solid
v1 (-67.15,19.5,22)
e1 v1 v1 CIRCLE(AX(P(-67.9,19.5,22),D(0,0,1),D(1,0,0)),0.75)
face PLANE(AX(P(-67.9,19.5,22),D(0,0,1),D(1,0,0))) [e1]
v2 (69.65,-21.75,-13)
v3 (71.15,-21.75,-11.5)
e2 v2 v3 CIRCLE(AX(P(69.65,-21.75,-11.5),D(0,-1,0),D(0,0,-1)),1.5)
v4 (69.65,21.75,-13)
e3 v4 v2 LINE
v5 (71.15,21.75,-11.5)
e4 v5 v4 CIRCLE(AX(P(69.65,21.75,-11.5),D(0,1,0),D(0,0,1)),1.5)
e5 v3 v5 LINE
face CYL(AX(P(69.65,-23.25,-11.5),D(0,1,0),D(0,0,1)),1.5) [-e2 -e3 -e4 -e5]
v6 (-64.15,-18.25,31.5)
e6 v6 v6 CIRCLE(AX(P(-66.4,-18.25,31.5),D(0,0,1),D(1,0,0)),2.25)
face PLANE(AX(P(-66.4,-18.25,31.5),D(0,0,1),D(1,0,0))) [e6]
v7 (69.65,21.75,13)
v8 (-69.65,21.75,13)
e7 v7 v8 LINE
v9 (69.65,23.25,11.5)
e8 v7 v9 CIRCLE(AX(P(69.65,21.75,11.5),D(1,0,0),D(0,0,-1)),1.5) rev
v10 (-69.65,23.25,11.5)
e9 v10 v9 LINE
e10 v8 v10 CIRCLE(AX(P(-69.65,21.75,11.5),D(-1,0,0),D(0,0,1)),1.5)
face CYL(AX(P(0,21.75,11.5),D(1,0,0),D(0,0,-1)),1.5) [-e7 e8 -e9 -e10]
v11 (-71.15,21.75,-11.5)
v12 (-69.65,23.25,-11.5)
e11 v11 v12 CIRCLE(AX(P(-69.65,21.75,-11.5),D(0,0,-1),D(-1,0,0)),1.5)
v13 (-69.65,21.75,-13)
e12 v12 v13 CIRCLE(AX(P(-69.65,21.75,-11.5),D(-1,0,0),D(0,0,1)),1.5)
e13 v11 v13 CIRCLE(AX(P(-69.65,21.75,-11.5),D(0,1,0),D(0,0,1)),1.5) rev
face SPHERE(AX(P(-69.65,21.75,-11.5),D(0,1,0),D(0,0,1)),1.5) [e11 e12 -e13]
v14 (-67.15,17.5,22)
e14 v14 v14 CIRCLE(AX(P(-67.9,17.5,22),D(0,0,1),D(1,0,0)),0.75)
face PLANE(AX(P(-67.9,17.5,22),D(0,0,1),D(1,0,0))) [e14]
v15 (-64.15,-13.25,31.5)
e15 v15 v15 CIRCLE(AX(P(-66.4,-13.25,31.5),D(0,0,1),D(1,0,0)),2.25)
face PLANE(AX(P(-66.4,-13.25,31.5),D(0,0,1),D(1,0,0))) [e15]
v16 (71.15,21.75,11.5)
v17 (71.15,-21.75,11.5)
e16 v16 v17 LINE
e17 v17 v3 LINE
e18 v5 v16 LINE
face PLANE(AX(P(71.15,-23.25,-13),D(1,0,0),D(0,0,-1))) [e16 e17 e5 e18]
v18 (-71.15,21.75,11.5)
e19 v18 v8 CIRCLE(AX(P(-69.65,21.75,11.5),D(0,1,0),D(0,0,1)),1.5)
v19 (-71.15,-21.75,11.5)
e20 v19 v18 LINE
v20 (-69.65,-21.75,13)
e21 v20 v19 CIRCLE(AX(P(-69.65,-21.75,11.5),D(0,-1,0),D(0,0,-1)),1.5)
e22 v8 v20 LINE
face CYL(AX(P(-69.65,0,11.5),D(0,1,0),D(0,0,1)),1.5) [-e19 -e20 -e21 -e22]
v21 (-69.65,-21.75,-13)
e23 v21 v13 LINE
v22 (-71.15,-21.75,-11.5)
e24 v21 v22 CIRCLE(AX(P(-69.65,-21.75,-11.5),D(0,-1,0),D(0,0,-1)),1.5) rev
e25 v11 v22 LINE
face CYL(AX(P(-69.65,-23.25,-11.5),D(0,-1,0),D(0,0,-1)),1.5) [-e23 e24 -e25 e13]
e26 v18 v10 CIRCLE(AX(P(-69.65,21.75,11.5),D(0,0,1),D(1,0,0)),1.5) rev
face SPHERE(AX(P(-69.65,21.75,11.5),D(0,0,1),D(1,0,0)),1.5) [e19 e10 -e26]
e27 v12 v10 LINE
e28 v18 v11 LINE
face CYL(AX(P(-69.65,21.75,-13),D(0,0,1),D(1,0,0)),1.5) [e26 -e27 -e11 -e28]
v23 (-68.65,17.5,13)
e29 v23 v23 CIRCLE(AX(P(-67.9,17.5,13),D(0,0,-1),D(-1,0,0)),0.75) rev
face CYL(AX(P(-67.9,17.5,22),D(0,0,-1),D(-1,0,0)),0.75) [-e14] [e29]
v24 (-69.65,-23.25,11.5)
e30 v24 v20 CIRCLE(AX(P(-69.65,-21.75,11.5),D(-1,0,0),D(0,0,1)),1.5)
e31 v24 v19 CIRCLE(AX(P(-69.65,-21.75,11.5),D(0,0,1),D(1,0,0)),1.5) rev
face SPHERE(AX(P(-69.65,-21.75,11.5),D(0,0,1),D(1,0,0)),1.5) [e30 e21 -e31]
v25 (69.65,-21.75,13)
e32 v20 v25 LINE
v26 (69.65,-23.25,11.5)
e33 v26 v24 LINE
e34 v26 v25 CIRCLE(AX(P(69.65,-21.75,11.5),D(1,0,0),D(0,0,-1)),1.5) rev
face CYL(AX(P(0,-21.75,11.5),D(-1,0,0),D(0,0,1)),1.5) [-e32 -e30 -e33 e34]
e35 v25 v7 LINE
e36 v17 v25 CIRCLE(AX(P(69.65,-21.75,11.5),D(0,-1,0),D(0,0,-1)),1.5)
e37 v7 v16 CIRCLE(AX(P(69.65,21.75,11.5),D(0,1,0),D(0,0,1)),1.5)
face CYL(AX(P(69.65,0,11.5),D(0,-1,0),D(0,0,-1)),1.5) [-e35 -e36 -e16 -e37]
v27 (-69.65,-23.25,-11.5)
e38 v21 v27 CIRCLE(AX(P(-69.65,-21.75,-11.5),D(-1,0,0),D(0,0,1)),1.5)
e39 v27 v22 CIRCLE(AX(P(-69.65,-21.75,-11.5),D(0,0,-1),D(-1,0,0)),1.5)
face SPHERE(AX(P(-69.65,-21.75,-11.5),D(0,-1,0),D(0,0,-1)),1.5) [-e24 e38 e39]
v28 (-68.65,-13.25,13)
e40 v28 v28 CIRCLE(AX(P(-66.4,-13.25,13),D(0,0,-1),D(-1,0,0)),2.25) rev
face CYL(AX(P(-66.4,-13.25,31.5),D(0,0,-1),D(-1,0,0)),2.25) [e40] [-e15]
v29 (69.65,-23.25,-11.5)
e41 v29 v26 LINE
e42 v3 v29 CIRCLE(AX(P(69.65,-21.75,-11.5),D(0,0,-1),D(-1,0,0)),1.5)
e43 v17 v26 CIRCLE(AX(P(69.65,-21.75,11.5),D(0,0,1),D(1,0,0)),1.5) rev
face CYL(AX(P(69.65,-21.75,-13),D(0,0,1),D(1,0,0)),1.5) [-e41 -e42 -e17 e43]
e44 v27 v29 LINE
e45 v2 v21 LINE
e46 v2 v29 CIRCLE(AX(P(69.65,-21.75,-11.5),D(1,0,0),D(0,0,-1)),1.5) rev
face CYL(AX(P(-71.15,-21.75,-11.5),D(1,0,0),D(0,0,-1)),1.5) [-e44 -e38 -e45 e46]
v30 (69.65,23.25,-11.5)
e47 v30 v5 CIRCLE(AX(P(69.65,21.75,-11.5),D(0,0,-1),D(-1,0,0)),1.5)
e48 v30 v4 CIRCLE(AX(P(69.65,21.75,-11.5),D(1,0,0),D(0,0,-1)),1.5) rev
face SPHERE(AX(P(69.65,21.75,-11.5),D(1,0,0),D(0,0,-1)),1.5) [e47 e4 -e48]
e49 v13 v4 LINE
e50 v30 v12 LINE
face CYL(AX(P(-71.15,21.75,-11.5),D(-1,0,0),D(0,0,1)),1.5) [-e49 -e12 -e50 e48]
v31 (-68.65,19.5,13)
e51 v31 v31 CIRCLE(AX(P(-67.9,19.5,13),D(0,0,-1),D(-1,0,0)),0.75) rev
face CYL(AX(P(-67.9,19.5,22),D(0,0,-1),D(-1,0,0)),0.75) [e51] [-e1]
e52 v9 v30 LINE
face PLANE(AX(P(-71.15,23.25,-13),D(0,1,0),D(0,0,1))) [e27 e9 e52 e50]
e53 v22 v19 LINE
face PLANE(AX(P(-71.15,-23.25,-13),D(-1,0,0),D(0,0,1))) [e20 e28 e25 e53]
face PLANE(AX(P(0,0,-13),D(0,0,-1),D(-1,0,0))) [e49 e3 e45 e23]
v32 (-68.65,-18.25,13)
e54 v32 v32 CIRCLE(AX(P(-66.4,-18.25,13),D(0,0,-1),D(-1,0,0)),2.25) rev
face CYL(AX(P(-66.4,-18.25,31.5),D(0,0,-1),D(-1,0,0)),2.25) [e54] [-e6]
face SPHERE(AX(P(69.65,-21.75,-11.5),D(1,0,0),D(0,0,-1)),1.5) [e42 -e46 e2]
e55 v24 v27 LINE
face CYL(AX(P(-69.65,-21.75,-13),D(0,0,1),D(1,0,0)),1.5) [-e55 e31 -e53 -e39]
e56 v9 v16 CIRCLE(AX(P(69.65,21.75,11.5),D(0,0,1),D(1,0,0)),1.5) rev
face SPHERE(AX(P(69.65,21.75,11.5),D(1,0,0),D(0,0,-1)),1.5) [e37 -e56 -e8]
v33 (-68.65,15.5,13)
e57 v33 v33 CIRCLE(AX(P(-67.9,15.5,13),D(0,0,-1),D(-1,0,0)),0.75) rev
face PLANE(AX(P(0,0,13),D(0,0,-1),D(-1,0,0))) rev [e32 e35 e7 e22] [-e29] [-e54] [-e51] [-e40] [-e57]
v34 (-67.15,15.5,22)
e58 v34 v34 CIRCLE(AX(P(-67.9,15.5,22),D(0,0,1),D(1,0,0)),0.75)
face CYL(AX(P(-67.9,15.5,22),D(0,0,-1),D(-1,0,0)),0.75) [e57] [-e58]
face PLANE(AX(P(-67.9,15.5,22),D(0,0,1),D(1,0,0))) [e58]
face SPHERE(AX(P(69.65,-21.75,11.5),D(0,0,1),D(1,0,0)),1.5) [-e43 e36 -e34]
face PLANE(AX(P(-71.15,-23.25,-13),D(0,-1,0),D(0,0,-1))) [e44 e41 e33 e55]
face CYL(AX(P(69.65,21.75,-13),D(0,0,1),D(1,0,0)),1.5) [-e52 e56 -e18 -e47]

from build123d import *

# Parameters (mm, degrees)
BOSS_EXTRUDE1_DEPTH      = 13
BOSS_EXTRUDE1_DEPTH_BACK = 13
SKETCH1_W                = 142.3
SKETCH1_H                = 46.5
FILLET1_R                = 1.5
SKETCH2_R                = 2.25
BOSS_EXTRUDE2_DEPTH      = 18.5
SKETCH3_R                = 0.75
BOSS_EXTRUDE3_DEPTH      = 9


with BuildPart() as part:
    # Sketch1 → Boss-Extrude1 (new, two sides: drawn at the far end of the back side and taken through both)
    with BuildSketch(Plane.XY.offset(-BOSS_EXTRUDE1_DEPTH_BACK)):
        Rectangle(SKETCH1_W, SKETCH1_H)
    extrude(amount=BOSS_EXTRUDE1_DEPTH + BOSS_EXTRUDE1_DEPTH_BACK)

    # Fillet1
    fillet1_edges = [part.edges().sort_by_distance(p)[0] for p in [
        (-71.15, 0, -13),
        (0, -23.25, -13),
        (-71.15, -23.25, 0),
        (71.15, 0, -13),
        (71.15, -23.25, 0),
        (0, 23.25, -13),
        (71.15, 23.25, 0),
        (-71.15, 23.25, 0),
        (0, 23.25, 13),
        (71.15, 0, 13),
        (0, -23.25, 13),
        (-71.15, 0, 13),
    ]]
    fillet(fillet1_edges, radius=FILLET1_R)

    # Sketch2 → Boss-Extrude2 (add)
    with BuildSketch(Plane.XY.offset(13)):
        with Locations((-66.4, -18.25)):
            Circle(SKETCH2_R)
        with Locations((-66.4, -13.25)):
            Circle(SKETCH2_R)
    extrude(amount=BOSS_EXTRUDE2_DEPTH)

    # Sketch3 → Boss-Extrude3 (add)
    with BuildSketch(Plane.XY.offset(13)):
        with Locations((-67.9, 19.5)):
            Circle(SKETCH3_R)
        with Locations((-67.9, 17.5)):
            Circle(SKETCH3_R)
        with Locations((-67.9, 15.5)):
            Circle(SKETCH3_R)
    extrude(amount=BOSS_EXTRUDE3_DEPTH)


solid = part.part
